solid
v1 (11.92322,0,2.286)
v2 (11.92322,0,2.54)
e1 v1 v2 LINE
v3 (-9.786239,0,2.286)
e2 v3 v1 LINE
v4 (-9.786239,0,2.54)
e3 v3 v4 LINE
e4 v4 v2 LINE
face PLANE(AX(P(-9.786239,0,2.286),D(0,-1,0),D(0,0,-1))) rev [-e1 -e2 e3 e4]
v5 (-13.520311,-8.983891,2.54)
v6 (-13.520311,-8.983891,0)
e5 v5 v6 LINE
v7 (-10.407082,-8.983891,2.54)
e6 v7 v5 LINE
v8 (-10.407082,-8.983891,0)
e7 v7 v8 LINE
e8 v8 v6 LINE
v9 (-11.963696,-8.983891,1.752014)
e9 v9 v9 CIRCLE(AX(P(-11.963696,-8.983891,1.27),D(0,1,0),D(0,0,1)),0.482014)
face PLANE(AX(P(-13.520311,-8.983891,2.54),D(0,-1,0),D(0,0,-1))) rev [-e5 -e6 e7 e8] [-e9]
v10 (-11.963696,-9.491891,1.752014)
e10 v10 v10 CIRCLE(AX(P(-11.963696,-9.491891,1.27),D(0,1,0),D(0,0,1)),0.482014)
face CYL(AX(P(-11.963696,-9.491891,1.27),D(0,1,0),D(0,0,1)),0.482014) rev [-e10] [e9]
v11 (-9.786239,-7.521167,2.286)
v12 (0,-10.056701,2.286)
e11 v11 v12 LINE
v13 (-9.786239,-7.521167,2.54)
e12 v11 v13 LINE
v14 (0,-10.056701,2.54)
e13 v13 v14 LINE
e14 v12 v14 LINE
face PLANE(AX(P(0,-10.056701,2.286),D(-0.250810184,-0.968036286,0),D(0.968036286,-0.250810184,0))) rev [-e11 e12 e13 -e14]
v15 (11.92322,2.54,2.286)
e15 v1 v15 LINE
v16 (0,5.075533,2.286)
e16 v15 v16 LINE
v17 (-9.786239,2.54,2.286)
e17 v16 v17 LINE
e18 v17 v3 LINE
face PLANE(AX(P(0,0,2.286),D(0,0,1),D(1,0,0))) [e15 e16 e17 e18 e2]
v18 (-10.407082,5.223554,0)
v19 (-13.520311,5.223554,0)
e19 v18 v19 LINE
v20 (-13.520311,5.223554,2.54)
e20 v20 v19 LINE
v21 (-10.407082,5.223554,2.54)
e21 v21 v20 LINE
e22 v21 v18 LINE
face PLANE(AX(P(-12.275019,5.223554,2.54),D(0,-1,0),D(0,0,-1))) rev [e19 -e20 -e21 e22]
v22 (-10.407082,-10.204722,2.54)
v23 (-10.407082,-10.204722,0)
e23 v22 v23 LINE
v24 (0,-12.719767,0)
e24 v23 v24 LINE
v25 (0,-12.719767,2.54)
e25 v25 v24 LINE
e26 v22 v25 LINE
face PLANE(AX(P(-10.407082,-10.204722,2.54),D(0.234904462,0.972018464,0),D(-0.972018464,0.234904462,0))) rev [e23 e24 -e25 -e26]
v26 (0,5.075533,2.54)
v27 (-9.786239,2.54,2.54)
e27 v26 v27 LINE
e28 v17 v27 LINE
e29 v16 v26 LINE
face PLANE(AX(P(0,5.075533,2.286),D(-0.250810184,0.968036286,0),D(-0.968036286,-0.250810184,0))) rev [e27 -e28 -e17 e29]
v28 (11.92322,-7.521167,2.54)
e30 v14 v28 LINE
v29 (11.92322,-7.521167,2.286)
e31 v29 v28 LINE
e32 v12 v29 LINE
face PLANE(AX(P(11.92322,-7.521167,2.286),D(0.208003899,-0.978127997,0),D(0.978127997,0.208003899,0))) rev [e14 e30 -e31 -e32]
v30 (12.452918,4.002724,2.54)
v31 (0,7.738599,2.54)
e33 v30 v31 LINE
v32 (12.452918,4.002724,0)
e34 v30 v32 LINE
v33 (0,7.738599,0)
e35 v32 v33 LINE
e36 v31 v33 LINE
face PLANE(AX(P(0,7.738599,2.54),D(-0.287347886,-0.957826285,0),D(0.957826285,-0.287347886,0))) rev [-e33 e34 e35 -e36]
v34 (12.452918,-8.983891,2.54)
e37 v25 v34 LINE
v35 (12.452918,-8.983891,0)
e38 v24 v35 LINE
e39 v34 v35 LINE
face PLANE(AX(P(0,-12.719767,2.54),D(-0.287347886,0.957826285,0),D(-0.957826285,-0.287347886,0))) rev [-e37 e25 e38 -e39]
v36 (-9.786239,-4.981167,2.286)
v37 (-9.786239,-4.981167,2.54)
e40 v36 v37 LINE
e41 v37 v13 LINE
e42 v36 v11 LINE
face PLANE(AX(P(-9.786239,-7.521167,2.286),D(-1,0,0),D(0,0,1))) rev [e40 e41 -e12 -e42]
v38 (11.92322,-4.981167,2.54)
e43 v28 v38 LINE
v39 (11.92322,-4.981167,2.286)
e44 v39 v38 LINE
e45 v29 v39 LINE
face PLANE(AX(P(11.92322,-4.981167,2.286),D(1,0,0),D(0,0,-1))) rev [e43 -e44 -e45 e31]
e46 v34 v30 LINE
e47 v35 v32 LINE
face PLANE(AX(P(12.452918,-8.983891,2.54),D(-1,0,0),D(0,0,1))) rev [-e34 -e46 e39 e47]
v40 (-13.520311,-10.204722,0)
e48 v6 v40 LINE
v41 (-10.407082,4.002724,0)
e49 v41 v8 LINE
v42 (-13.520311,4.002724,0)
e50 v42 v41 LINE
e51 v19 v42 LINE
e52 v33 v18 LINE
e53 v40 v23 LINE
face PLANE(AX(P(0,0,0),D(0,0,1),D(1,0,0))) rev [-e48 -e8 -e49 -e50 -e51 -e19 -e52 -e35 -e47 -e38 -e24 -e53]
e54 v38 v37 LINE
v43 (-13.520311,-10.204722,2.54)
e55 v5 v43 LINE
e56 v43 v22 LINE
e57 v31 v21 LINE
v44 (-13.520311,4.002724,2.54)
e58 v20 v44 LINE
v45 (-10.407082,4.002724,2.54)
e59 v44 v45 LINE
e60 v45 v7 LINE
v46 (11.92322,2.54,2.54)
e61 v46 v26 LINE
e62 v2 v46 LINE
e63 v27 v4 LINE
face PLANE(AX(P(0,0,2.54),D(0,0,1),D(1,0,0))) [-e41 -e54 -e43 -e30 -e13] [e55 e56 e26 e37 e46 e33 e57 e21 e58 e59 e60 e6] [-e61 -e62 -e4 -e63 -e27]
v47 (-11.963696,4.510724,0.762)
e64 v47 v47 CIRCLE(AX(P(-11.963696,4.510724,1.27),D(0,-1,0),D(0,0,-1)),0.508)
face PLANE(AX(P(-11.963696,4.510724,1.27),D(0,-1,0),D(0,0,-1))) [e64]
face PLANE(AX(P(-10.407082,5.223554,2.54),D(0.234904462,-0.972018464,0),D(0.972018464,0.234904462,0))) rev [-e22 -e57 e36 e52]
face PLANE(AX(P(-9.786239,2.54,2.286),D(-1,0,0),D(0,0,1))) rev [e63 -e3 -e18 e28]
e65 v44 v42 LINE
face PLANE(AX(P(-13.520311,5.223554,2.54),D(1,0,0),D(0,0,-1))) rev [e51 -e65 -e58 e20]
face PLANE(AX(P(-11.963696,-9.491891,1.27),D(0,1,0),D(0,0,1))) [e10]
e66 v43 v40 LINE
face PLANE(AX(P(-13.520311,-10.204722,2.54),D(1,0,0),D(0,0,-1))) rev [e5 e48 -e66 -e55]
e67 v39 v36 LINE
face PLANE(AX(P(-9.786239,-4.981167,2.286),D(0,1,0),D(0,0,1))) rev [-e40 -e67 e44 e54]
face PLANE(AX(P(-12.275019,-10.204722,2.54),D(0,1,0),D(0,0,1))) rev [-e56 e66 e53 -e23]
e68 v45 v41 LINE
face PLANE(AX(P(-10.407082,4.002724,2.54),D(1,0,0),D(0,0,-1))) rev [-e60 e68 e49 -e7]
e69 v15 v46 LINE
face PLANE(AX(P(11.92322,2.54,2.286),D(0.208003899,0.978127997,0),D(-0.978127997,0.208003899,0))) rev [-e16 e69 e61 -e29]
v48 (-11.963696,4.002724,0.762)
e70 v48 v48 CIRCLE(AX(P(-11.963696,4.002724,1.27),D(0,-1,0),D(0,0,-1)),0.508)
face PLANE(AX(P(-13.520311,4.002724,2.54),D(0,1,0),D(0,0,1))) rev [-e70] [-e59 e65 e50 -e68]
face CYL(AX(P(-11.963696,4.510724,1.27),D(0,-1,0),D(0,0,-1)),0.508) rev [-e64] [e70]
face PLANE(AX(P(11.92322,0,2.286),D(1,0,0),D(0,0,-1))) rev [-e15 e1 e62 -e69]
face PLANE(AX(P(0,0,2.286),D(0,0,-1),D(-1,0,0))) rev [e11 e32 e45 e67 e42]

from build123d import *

# Parameters (mm, degrees)
BOSS_EXTRUDE1_DEPTH = 2.54
CUT_EXTRUDE2_DEPTH  = 0.254
SKETCH5_R           = 0.482014483
CUT_EXTRUDE3_DEPTH  = 0.508
SKETCH6_R           = 0.508
CUT_EXTRUDE4_DEPTH  = 0.508


with BuildPart() as part:
    # Sketch1 → Boss-Extrude1 (new body)
    with BuildSketch(Plane.XY):
        Polygon((-10.407081712, 5.223554475), (0, 7.738599222), (12.452918288, 4.002723735), (12.452918288, -8.983891051), (0, -12.719766537), (-10.407081712, -10.20472179), (-12.275019455, -10.20472179), (-13.520311284, -10.20472179), (-13.520311284, -8.983891051), (-10.407081712, -8.983891051), (-10.407081712, 4.002723735), (-13.520311284, 4.002723735), (-13.520311284, 5.223554475), (-12.275019455, 5.223554475), align=None)
    extrude(amount=BOSS_EXTRUDE1_DEPTH)

    # Sketch4 → Cut-Extrude2 (cut)
    with BuildSketch(Plane.XY.offset(2.54)):
        Polygon((-9.78623868, 0), (11.923219726, 0), (11.923219726, 2.54), (0, 5.075533386), (-9.78623868, 2.54), align=None)
        Polygon((0, -10.056700701), (-9.78623868, -7.521167315), (-9.78623868, -4.981167315), (11.923219726, -4.981167315), (11.923219726, -7.521167315), align=None)
    extrude(amount=-CUT_EXTRUDE2_DEPTH, mode=Mode.SUBTRACT)

    # Sketch5 → Cut-Extrude3 (cut)
    with BuildSketch(Plane(origin=(0, -8.983891051, 0), x_dir=(1, 0, 0), z_dir=(0, 1, 0))):
        with Locations(Location((-11.963696498, -1.27, 0), (0, 0, 270))):
            Circle(SKETCH5_R)
    extrude(amount=-CUT_EXTRUDE3_DEPTH, mode=Mode.SUBTRACT)

    # Sketch6 → Cut-Extrude4 (cut)
    with BuildSketch(Plane.XZ.offset(-4.002723735)):
        with Locations(Location((-11.963696498, 1.27, 0), (0, 0, 270))):
            Circle(SKETCH6_R)
    extrude(amount=-CUT_EXTRUDE4_DEPTH, mode=Mode.SUBTRACT)


solid = part.part
